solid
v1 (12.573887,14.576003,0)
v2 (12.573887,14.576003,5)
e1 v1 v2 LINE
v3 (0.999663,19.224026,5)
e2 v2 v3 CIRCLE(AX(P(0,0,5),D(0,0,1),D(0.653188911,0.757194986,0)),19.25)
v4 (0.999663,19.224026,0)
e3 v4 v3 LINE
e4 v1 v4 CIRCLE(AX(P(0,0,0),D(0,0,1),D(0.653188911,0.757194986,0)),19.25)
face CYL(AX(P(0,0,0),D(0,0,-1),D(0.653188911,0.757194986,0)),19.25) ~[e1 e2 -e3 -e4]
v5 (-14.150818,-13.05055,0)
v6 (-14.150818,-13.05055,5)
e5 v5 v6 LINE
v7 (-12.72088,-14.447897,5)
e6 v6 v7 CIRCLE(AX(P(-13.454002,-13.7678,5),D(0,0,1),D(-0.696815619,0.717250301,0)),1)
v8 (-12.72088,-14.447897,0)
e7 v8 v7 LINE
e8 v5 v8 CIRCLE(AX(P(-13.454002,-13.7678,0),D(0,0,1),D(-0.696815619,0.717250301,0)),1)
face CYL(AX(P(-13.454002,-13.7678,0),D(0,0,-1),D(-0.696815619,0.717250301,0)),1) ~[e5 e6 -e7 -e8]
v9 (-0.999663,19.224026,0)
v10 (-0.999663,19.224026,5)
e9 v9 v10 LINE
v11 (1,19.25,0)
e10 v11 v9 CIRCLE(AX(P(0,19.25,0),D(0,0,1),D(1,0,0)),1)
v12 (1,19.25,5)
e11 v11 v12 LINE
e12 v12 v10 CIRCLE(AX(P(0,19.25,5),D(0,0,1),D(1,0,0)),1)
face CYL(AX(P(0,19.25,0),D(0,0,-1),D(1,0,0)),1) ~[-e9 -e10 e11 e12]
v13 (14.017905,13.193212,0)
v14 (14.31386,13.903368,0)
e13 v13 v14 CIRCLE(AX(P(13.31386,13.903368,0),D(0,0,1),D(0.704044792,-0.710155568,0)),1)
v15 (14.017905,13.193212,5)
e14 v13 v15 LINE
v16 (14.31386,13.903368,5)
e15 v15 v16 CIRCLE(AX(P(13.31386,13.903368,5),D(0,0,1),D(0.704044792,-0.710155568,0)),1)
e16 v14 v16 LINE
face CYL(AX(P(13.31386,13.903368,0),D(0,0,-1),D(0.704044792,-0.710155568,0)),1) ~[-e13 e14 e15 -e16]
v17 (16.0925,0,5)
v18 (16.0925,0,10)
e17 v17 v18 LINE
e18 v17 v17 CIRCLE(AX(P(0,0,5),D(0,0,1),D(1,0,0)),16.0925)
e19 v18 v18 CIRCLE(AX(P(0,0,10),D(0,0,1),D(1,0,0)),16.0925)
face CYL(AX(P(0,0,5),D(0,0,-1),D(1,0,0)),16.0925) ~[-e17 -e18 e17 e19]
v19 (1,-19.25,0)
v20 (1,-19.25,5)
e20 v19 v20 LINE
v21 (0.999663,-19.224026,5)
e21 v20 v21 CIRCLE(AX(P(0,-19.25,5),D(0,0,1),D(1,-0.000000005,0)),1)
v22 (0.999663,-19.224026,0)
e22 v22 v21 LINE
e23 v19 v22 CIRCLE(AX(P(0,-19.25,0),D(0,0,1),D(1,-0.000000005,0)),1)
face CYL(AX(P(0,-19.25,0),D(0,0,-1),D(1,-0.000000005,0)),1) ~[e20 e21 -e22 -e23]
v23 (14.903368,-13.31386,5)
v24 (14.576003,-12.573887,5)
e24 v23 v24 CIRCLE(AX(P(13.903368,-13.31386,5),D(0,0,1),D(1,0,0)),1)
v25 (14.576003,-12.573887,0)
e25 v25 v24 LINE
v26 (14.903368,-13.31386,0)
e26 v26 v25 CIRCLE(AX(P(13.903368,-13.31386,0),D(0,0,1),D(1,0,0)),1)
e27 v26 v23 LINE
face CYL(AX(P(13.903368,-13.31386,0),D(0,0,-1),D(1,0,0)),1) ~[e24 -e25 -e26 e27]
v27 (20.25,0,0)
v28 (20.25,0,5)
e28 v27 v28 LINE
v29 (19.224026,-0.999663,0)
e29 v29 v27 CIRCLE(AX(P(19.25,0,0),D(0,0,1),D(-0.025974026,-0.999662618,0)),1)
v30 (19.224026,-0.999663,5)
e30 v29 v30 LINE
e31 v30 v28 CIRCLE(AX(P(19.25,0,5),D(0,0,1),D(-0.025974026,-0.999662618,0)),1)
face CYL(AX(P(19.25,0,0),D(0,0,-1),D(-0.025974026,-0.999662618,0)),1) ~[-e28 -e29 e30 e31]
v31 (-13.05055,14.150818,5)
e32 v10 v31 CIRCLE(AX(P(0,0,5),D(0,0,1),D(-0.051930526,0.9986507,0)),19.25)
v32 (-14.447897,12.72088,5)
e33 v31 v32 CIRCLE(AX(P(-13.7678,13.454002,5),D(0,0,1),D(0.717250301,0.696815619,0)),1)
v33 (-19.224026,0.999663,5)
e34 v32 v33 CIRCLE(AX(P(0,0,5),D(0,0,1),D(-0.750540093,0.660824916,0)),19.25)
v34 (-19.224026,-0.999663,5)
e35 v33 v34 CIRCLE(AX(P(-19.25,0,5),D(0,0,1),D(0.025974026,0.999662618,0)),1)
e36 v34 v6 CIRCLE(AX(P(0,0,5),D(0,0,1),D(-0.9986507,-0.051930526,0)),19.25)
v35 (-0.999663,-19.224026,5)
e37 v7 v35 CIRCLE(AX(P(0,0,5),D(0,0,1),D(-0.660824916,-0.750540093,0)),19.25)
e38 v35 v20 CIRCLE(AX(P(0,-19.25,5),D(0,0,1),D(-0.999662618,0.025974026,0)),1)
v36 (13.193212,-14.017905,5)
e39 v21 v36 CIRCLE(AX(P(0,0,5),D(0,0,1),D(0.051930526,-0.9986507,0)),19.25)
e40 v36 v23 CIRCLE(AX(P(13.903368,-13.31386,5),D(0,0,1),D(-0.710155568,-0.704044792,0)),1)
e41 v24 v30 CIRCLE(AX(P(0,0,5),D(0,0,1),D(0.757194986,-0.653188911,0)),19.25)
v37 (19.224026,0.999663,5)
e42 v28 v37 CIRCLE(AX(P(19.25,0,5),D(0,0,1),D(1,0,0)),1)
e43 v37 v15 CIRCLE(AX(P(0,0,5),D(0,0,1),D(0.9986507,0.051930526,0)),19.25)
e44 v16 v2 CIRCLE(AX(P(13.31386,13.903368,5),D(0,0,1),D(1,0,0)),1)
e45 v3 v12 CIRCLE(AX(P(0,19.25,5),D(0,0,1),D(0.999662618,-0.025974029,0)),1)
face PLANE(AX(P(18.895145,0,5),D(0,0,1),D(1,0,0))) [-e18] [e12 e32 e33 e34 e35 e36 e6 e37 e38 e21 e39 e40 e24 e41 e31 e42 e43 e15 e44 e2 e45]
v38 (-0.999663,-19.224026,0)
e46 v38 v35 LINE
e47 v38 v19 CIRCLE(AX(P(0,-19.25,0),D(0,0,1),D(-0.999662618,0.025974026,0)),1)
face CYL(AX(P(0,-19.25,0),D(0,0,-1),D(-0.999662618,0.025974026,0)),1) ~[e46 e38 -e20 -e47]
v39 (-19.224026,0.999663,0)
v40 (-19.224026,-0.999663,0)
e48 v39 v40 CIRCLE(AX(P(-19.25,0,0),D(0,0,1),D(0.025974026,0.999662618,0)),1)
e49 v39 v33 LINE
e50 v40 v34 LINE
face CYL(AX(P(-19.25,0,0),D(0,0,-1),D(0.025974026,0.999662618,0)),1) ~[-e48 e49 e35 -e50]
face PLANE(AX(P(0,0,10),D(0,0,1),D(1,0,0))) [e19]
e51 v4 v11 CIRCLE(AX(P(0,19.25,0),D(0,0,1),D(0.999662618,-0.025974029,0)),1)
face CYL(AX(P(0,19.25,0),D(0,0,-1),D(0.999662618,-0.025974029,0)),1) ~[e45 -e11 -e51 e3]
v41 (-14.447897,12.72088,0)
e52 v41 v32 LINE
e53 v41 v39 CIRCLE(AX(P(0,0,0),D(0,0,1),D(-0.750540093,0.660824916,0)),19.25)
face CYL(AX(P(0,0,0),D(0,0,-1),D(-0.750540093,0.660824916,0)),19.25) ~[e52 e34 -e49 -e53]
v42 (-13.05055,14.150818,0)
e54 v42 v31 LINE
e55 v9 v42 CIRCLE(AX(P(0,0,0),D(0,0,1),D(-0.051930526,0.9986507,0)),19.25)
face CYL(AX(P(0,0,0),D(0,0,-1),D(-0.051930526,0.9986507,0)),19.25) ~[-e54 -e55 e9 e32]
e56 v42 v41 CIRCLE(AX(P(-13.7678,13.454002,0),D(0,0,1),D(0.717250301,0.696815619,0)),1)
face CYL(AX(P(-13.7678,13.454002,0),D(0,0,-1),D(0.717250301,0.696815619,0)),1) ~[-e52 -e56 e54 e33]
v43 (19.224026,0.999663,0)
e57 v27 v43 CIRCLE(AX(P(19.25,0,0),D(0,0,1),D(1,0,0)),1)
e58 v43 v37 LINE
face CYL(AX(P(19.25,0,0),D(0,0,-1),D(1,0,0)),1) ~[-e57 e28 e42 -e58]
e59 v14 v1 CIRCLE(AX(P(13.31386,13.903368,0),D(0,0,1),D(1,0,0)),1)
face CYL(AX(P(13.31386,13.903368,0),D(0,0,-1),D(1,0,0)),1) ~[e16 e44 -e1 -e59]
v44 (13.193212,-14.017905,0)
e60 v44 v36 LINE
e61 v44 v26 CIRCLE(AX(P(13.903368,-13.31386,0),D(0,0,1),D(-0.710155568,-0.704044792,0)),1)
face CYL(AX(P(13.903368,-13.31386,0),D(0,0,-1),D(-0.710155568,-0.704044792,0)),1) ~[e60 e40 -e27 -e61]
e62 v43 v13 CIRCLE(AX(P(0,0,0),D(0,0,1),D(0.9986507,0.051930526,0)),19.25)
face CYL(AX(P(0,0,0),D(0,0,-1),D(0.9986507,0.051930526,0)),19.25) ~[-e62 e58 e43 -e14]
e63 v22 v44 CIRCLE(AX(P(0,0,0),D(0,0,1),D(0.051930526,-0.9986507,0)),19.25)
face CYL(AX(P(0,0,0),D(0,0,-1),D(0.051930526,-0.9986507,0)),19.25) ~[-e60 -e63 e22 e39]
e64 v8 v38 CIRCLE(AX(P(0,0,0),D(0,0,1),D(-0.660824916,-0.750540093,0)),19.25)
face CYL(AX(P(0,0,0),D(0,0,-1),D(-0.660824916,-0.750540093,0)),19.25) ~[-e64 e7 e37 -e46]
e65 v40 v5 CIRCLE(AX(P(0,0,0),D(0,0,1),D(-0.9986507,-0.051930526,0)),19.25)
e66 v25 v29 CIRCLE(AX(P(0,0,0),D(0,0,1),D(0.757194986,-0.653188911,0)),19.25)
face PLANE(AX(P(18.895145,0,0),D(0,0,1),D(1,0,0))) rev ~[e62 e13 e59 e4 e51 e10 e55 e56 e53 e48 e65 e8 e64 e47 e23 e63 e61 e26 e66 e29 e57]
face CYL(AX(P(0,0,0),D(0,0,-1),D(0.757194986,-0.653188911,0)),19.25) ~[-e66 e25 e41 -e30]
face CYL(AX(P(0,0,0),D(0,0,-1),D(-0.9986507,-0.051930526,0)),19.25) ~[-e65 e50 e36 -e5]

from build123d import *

# Parameters (mm, degrees)
F1_DEPTH = 5
F2_R     = 16.0925
F3_DEPTH = 5


with BuildPart() as f1:
    # F0 (on Top) → F1 (new body)
    with BuildSketch(Plane.XY):
        with BuildLine():
            ThreePointArc((19.224025974, -0.9996626181), (19.2435053979, -0.5), (19.25, 0))
            ThreePointArc((19.25, 0), (19.2435053979, 0.5), (19.224025974, 0.9996626181))
            ThreePointArc((19.224025974, 0.9996626181), (18.25, 0), (19.224025974, -0.9996626181))
        make_face()
        with BuildLine():
            ThreePointArc((19.224025974, 0.9996626181), (19.2435053979, 0.5), (19.25, 0))
            ThreePointArc((19.25, 0), (19.2435053979, -0.5), (19.224025974, -0.9996626181))
            ThreePointArc((19.224025974, -0.9996626181), (19.9478631578, -0.716231117), (20.25, 0))
            ThreePointArc((20.25, 0), (19.9478631578, 0.716231117), (19.224025974, 0.9996626181))
        make_face()
        with BuildLine():
            ThreePointArc((19.224025974, -0.9996626181), (18.25, 0), (19.224025974, 0.9996626181))
            ThreePointArc((19.224025974, 0.9996626181), (17.7038739711, 7.558792656), (14.0179049045, 13.1932119702))
            ThreePointArc((14.0179049045, 13.1932119702), (12.6222310158, 13.1811146792), (12.5738865363, 14.5760034774))
            ThreePointArc((12.5738865363, 14.5760034774), (7.1736557935, 17.8634028829), (0.9996626181, 19.224025974))
            ThreePointArc((0.9996626181, 19.224025974), (0, 18.25), (-0.9996626181, 19.224025974))
            ThreePointArc((-0.9996626181, 19.224025974), (-7.4690346519, 17.7419283442), (-13.0505499689, 14.1508178388))
            ThreePointArc((-13.0505499689, 14.1508178388), (-12.8411799857, 13.8300006906), (-12.7678002695, 13.4540022202))
            ThreePointArc((-12.7678002695, 13.4540022202), (-13.3678605948, 12.5374607554), (-14.4478967828, 12.7208796298))
            ThreePointArc((-14.4478967828, 12.7208796298), (-17.8268428947, 7.2640327922), (-19.224025974, 0.9996626181))
            ThreePointArc((-19.224025974, 0.9996626181), (-18.533768883, 0.6978631578), (-18.25, 0))
            ThreePointArc((-18.25, 0), (-18.533768883, -0.6978631578), (-19.224025974, -0.9996626181))
            ThreePointArc((-19.224025974, -0.9996626181), (-17.7419283442, -7.4690346519), (-14.1508178388, -13.0505499689))
            ThreePointArc((-14.1508178388, -13.0505499689), (-13.0646538021, -12.8467097151), (-12.4540022202, -13.7678002695))
            ThreePointArc((-12.4540022202, -13.7678002695), (-12.5231094792, -14.1330928984), (-12.7208796298, -14.4478967828))
            ThreePointArc((-12.7208796298, -14.4478967828), (-7.2640327922, -17.8268428947), (-0.9996626181, -19.224025974))
            ThreePointArc((-0.9996626181, -19.224025974), (0, -18.25), (0.9996626181, -19.224025974))
            ThreePointArc((0.9996626181, -19.224025974), (7.558792656, -17.7038739711), (13.1932119702, -14.0179049045))
            ThreePointArc((13.1932119702, -14.0179049045), (13.1811146792, -12.6222310158), (14.5760034774, -12.5738865363))
            ThreePointArc((14.5760034774, -12.5738865363), (17.8634028829, -7.1736557935), (19.224025974, -0.9996626181))
        make_face()
        with BuildLine():
            ThreePointArc((12.5738865363, 14.5760034774), (12.6222310158, 13.1811146792), (14.0179049045, 13.1932119702))
            ThreePointArc((14.0179049045, 13.1932119702), (13.3138601125, 13.9033675383), (12.5738865363, 14.5760034774))
        make_face()
        with BuildLine():
            ThreePointArc((12.5738865363, 14.5760034774), (13.3138601125, 13.9033675383), (14.0179049045, 13.1932119702))
            ThreePointArc((14.0179049045, 13.1932119702), (14.2369107048, 13.5186889659), (14.3138601125, 13.9033675383))
            ThreePointArc((14.3138601125, 13.9033675383), (13.6744335612, 14.8360983612), (12.5738865363, 14.5760034774))
        make_face()
        with BuildLine():
            ThreePointArc((14.9033675383, -13.3138601125), (14.8178717589, -12.9092837533), (14.5760034774, -12.5738865363))
            ThreePointArc((14.5760034774, -12.5738865363), (13.9033675383, -13.3138601125), (13.1932119702, -14.0179049045))
            ThreePointArc((13.1932119702, -14.0179049045), (14.2840540444, -14.2385642728), (14.9033675383, -13.3138601125))
        make_face()
        with BuildLine():
            ThreePointArc((13.1932119702, -14.0179049045), (13.9033675383, -13.3138601125), (14.5760034774, -12.5738865363))
            ThreePointArc((14.5760034774, -12.5738865363), (13.1811146792, -12.6222310158), (13.1932119702, -14.0179049045))
        make_face()
        with BuildLine():
            ThreePointArc((-0.9996626181, 19.224025974), (0, 18.25), (0.9996626181, 19.224025974))
            ThreePointArc((0.9996626181, 19.224025974), (0, 19.25), (-0.9996626181, 19.224025974))
        make_face()
        with BuildLine():
            ThreePointArc((-0.9996626181, 19.224025974), (0, 19.25), (0.9996626181, 19.224025974))
            ThreePointArc((0.9996626181, 19.224025974), (0.999915651, 19.2370118915), (1, 19.25))
            ThreePointArc((1, 19.25), (-0.0129881085, 20.249915651), (-0.9996626181, 19.224025974))
        make_face()
        with BuildLine():
            ThreePointArc((1, -19.25), (0.999915651, -19.2370118915), (0.9996626181, -19.224025974))
            ThreePointArc((0.9996626181, -19.224025974), (0, -19.25), (-0.9996626181, -19.224025974))
            ThreePointArc((-0.9996626181, -19.224025974), (-0.0129881085, -20.249915651), (1, -19.25))
        make_face()
        with BuildLine():
            ThreePointArc((-0.9996626181, -19.224025974), (0, -19.25), (0.9996626181, -19.224025974))
            ThreePointArc((0.9996626181, -19.224025974), (0, -18.25), (-0.9996626181, -19.224025974))
        make_face()
        with BuildLine():
            ThreePointArc((-12.7678002695, 13.4540022202), (-12.8411799857, 13.8300006906), (-13.0505499689, 14.1508178388))
            ThreePointArc((-13.0505499689, 14.1508178388), (-13.7678002695, 13.4540022202), (-14.4478967828, 12.7208796298))
            ThreePointArc((-14.4478967828, 12.7208796298), (-13.3678605948, 12.5374607554), (-12.7678002695, 13.4540022202))
        make_face()
        with BuildLine():
            ThreePointArc((-14.4478967828, 12.7208796298), (-13.7678002695, 13.4540022202), (-13.0505499689, 14.1508178388))
            ThreePointArc((-13.0505499689, 14.1508178388), (-14.4830106731, 14.1529114264), (-14.4478967828, 12.7208796298))
        make_face()
        with BuildLine():
            ThreePointArc((-14.1508178388, -13.0505499689), (-14.1529114264, -14.4830106731), (-12.7208796298, -14.4478967828))
            ThreePointArc((-12.7208796298, -14.4478967828), (-13.4540022202, -13.7678002695), (-14.1508178388, -13.0505499689))
        make_face()
        with BuildLine():
            ThreePointArc((-14.1508178388, -13.0505499689), (-13.4540022202, -13.7678002695), (-12.7208796298, -14.4478967828))
            ThreePointArc((-12.7208796298, -14.4478967828), (-12.5231094792, -14.1330928984), (-12.4540022202, -13.7678002695))
            ThreePointArc((-12.4540022202, -13.7678002695), (-13.0646538021, -12.8467097151), (-14.1508178388, -13.0505499689))
        make_face()
        with BuildLine():
            ThreePointArc((-18.25, 0), (-18.533768883, 0.6978631578), (-19.224025974, 0.9996626181))
            ThreePointArc((-19.224025974, 0.9996626181), (-19.25, 0), (-19.224025974, -0.9996626181))
            ThreePointArc((-19.224025974, -0.9996626181), (-18.533768883, -0.6978631578), (-18.25, 0))
        make_face()
        with BuildLine():
            ThreePointArc((-19.224025974, -0.9996626181), (-19.25, 0), (-19.224025974, 0.9996626181))
            ThreePointArc((-19.224025974, 0.9996626181), (-20.25, 0), (-19.224025974, -0.9996626181))
        make_face()
    extrude(amount=F1_DEPTH)

    # F2 (on face) → F3 (join)
    with BuildSketch(Plane.XY.offset(5)):
        Circle(F2_R)
    extrude(amount=F3_DEPTH)


solid = f1.part
